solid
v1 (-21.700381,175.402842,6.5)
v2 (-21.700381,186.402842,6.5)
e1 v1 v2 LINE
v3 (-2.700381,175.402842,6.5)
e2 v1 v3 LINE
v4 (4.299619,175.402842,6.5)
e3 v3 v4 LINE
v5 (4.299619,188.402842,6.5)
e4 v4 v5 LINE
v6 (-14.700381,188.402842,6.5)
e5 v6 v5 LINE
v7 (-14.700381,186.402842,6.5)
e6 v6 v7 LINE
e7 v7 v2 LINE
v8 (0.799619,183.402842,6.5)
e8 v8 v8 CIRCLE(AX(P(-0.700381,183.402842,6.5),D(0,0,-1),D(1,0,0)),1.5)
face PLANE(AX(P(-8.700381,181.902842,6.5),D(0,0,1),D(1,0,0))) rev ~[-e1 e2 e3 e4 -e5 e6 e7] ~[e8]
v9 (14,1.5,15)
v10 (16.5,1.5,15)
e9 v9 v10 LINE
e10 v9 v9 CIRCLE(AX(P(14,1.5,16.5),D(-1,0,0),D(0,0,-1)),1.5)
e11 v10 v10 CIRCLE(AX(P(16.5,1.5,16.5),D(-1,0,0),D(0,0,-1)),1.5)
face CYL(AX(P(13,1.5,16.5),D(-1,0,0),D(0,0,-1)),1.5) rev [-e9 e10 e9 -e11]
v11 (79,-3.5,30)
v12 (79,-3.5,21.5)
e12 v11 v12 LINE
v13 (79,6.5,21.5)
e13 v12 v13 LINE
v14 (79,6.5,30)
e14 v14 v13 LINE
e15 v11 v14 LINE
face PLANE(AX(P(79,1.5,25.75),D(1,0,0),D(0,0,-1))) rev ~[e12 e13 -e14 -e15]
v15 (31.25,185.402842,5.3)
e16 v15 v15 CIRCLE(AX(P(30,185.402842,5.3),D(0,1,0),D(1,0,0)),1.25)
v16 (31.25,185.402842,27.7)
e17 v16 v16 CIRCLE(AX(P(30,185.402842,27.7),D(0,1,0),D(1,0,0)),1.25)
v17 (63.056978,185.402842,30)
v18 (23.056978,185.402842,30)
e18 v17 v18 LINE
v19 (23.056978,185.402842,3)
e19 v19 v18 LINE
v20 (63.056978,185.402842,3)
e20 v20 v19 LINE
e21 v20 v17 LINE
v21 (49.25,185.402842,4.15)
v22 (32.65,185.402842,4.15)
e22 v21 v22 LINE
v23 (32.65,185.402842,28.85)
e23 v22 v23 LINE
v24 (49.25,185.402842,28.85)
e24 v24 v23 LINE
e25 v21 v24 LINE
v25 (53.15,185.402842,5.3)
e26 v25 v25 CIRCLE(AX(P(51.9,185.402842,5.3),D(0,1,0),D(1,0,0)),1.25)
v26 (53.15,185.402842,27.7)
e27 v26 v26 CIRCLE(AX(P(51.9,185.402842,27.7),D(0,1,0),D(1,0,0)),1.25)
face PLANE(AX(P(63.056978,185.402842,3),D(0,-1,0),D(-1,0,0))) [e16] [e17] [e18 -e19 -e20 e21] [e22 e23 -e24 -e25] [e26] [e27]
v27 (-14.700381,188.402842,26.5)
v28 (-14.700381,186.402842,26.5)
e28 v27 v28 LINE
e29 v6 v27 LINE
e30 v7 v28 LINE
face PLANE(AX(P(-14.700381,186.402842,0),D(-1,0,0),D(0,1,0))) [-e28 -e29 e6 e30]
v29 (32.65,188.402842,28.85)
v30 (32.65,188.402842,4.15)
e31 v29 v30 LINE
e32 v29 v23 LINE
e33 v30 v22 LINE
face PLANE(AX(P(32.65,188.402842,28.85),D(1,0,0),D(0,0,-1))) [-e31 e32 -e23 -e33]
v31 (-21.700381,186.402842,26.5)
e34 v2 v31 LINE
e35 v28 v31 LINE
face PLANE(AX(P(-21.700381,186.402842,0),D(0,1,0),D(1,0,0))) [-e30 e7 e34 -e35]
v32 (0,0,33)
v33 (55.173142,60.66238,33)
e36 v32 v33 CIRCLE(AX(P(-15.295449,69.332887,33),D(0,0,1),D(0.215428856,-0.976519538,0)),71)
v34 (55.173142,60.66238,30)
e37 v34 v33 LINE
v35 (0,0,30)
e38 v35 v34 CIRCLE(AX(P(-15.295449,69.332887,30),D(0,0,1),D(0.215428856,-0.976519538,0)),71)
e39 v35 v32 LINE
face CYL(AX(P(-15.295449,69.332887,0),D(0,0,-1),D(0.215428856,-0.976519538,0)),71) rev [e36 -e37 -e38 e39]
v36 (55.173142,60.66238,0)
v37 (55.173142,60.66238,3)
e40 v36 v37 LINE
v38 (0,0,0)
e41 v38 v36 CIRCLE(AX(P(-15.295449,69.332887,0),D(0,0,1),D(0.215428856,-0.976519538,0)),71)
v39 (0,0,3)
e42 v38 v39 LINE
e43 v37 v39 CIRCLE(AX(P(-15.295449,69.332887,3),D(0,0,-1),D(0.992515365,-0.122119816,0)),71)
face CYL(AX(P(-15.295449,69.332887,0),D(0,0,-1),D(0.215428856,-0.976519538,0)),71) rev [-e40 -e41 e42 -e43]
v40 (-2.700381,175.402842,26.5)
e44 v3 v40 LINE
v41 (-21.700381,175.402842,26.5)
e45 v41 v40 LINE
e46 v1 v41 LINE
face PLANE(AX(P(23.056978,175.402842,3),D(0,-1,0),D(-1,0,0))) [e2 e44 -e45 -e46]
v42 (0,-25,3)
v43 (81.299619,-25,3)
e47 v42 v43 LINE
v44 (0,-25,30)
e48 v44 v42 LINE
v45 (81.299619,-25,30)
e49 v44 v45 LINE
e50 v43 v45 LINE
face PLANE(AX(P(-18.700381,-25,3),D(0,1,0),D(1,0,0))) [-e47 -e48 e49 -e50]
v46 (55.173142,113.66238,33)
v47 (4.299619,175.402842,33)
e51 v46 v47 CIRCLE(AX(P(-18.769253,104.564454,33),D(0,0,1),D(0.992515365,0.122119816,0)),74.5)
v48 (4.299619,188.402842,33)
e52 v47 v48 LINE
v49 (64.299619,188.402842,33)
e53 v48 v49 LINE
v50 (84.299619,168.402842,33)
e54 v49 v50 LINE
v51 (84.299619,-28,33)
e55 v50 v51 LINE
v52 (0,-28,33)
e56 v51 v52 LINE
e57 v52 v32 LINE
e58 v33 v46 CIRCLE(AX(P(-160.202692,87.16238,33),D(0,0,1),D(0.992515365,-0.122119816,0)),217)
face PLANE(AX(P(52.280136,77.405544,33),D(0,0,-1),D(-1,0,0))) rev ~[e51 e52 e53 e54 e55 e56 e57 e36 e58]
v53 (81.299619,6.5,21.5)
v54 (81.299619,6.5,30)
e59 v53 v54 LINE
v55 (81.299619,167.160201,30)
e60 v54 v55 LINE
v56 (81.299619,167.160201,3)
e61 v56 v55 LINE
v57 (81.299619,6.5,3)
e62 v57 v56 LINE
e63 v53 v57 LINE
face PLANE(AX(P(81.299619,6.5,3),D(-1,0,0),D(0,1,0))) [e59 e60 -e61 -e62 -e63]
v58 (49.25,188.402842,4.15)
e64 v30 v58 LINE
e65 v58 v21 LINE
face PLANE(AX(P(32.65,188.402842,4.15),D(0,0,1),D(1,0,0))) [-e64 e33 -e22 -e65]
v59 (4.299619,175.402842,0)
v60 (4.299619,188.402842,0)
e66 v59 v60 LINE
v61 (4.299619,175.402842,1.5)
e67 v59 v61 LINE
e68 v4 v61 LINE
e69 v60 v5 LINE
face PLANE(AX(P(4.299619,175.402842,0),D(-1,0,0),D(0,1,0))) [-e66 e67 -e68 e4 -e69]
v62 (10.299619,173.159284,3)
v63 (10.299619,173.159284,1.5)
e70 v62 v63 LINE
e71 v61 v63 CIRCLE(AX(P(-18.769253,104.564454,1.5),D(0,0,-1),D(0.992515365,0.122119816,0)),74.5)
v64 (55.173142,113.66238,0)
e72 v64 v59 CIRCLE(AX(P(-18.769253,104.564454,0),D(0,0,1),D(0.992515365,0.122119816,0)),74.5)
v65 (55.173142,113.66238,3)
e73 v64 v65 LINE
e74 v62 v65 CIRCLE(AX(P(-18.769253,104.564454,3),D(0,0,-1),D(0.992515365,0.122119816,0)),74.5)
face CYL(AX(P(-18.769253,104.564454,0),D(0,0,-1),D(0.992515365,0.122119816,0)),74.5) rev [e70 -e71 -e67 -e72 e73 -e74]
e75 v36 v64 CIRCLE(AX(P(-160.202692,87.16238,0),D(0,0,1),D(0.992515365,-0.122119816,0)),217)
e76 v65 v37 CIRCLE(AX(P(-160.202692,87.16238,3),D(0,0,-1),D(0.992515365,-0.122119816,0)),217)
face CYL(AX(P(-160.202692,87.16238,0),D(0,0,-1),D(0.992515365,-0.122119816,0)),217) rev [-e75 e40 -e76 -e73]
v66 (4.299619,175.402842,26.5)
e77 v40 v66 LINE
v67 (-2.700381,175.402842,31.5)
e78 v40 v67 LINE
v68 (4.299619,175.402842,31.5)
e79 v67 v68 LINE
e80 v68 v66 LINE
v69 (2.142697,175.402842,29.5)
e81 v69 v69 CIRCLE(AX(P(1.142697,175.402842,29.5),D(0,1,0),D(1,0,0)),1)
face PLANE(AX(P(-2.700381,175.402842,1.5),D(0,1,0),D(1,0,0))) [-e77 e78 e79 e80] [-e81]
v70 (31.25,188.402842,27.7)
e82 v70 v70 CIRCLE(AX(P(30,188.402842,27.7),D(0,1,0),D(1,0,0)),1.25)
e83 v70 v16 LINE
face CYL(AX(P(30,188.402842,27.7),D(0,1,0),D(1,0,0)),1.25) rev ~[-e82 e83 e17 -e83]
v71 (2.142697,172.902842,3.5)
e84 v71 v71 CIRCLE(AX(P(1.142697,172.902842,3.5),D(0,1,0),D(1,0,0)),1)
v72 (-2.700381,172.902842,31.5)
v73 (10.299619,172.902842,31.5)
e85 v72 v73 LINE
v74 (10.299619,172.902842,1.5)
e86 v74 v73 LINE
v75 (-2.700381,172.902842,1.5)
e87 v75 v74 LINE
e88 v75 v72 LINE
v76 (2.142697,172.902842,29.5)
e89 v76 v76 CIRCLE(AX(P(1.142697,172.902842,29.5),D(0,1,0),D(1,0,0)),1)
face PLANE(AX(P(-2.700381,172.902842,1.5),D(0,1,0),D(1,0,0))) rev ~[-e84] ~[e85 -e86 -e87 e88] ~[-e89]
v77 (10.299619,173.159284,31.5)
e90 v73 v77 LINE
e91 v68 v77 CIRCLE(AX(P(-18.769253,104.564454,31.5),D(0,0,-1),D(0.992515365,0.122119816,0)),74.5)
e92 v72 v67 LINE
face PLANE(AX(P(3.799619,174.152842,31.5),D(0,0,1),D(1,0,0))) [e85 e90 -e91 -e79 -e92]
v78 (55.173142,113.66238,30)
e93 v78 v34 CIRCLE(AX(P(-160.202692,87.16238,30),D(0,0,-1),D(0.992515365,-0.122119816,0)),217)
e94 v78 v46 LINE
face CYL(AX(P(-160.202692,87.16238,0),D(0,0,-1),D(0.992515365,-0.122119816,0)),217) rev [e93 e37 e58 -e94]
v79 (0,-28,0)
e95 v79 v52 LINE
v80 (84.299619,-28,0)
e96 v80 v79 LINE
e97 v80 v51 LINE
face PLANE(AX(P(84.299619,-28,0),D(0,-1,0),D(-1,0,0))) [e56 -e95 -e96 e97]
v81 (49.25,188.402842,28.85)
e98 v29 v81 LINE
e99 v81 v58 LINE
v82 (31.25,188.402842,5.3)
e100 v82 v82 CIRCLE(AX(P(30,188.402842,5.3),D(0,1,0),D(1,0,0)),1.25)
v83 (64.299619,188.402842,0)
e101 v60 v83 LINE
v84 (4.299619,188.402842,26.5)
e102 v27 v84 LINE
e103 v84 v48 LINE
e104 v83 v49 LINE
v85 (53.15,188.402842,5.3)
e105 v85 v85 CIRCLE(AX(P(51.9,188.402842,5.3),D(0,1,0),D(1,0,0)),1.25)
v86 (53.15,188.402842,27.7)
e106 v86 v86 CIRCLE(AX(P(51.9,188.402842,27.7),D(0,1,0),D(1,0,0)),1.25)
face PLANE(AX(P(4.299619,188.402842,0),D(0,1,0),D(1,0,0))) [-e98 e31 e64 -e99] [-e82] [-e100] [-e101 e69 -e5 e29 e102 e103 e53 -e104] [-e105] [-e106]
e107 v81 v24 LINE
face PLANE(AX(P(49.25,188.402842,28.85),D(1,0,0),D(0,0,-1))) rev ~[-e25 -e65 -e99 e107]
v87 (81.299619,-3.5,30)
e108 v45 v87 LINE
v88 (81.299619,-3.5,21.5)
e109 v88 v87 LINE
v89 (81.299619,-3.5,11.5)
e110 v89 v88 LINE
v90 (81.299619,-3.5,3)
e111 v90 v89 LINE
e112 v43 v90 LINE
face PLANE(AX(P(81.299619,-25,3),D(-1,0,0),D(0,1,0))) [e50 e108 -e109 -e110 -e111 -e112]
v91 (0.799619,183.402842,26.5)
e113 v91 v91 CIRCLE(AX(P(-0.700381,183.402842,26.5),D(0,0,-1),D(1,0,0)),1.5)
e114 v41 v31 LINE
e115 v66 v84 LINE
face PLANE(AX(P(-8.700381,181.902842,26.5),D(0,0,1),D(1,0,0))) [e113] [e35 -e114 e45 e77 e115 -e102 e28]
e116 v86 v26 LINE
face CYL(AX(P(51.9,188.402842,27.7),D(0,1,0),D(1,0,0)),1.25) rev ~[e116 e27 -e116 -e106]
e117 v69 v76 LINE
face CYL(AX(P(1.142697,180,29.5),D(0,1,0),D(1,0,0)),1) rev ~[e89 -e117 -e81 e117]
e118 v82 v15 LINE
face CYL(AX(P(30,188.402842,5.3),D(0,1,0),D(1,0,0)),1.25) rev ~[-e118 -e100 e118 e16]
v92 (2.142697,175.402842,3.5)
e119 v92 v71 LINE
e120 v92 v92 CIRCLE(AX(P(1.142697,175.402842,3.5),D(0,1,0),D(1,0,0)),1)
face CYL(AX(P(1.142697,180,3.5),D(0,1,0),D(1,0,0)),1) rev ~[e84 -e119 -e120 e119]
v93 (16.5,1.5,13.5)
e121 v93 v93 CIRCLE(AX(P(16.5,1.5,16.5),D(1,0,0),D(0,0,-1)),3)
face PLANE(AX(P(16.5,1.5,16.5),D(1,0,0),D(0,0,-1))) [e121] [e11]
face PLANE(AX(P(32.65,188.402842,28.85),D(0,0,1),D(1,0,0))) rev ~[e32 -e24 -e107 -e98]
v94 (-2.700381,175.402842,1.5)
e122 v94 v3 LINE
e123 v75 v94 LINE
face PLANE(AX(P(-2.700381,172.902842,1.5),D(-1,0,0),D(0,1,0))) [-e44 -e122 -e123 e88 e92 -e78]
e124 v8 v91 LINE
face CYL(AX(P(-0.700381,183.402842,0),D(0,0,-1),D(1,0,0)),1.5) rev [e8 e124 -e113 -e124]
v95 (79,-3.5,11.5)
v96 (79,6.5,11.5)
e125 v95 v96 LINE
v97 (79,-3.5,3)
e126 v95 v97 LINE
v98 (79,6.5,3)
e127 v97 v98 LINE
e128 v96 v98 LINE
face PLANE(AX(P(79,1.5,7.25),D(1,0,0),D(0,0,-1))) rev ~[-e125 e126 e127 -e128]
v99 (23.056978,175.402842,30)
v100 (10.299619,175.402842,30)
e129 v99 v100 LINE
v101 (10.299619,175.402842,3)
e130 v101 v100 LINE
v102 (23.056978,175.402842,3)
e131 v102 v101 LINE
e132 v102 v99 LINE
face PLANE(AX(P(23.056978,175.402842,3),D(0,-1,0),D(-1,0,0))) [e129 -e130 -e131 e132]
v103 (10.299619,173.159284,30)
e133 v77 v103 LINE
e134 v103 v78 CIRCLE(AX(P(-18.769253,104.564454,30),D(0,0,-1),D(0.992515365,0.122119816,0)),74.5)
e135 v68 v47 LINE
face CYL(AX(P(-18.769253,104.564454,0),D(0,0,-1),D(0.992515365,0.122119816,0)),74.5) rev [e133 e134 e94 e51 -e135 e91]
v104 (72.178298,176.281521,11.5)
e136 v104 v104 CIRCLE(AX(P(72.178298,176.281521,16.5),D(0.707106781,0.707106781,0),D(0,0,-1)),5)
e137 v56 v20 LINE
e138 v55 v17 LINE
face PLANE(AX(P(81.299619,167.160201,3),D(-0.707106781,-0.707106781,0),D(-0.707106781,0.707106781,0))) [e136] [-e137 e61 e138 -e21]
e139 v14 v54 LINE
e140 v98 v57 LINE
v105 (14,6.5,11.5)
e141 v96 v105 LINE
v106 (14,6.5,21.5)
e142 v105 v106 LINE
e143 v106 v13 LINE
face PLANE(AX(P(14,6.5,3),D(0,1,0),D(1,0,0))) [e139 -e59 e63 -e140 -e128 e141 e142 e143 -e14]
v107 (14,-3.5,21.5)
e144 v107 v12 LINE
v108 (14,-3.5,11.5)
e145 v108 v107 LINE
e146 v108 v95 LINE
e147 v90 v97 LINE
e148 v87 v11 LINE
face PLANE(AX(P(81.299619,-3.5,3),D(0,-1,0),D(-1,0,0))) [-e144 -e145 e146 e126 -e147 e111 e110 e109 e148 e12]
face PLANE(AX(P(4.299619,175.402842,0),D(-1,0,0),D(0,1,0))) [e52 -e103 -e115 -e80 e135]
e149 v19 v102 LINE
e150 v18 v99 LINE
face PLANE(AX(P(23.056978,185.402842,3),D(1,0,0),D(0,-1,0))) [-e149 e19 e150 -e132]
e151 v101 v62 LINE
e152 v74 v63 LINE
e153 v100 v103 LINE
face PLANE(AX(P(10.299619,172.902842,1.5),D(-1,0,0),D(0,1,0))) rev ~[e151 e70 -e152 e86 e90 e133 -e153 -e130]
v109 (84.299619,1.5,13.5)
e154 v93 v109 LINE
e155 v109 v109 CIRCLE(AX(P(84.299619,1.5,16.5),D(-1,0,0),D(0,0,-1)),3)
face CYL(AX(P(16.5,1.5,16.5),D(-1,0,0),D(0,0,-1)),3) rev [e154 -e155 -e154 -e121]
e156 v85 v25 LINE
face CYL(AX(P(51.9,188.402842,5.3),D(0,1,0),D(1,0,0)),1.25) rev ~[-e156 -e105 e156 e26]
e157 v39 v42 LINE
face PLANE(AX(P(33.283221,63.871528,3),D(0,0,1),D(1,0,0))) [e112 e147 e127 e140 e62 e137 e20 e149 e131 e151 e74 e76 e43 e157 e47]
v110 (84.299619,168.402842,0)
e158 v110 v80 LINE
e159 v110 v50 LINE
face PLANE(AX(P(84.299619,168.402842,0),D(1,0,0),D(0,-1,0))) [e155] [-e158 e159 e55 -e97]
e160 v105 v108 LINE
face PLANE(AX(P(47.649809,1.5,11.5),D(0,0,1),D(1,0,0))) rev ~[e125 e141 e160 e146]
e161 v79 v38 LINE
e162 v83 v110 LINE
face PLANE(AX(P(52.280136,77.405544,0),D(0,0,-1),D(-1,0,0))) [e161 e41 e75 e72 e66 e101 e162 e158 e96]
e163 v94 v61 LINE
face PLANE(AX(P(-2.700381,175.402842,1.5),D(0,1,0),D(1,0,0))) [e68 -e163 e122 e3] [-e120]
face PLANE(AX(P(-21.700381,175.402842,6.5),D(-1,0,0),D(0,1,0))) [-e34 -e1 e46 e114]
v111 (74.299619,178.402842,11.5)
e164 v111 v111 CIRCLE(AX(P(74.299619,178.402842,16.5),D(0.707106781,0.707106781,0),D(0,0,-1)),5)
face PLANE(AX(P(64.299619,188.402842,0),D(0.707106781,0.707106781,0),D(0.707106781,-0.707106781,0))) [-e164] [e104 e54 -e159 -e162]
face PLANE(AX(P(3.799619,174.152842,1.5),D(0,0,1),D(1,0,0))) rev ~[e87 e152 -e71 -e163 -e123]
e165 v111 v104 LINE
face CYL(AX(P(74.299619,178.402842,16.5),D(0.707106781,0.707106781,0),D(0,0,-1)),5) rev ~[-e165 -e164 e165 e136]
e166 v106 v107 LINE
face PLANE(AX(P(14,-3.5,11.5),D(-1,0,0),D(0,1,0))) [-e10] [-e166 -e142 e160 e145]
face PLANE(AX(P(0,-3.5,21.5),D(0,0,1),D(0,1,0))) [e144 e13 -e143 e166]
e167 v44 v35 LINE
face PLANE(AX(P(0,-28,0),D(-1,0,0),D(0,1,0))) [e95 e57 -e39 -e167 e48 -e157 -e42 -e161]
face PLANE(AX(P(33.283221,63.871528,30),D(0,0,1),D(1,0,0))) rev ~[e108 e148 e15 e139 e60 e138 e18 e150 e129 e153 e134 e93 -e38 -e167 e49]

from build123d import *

# Parameters (mm, degrees)
EXTRUDE_6_DEPTH      = 33
CUT_EXTRUDE_START    = 3
CUT_EXTRUDE_2_DEPTH  = 27
EXTRUDE_START        = 6.5
SKETCH_7_W           = 26
SKETCH_7_H           = 13
EXTRUDE_7_DEPTH      = 20
EXTRUDE_START_2      = 1.5
SKETCH_11_W          = 13
SKETCH_11_H          = 2.5
EXTRUDE_15_DEPTH     = 30
CUT_EXTRUDE_START_2  = 180
SKETCH_12_R          = 1
CUT_EXTRUDE_3_DEPTH  = 10
SKETCH_13_R          = 1.5
CUT_EXTRUDE_4_DEPTH  = 30
SKETCH_14_W          = 7
SKETCH_14_H          = 2
CUT_EXTRUDE_5_DEPTH  = 30
EXTRUDE_START_3      = 11.5
SKETCH_15_W          = 67.299618531
SKETCH_15_H          = 10
EXTRUDE_16_DEPTH     = 10
SKETCH_16_W          = 8.5
SKETCH_16_H          = 10
CUT_EXTRUDE_6_DEPTH  = 79
CUT_EXTRUDE_START_3  = 16.5
SKETCH_17_R          = 3
CUT_EXTRUDE_7_DEPTH  = 75
CUT_EXTRUDE_START_4  = 13
SKETCH_18_R          = 1.5
CUT_EXTRUDE_9_DEPTH  = 5
SKETCH_20_R          = 1.25
SKETCH_20_W          = 16.6
SKETCH_20_H          = 24.7
CUT_EXTRUDE_10_DEPTH = 5
SKETCH_21_R          = 5
CUT_EXTRUDE_11_DEPTH = 5


with BuildPart() as part:
    # Эскиз1 → Бобышка-Вытянуть6 (new body)
    with BuildSketch(Plane.XY):
        with BuildLine():
            Line((4.299618531, 175.402841826), (4.299618531, 188.402841826))
            Line((4.299618531, 188.402841826), (64.299618531, 188.402841826))
            Line((64.299618531, 188.402841826), (84.299618531, 168.402841826))
            Line((84.299618531, 168.402841826), (84.299618531, 0))
            Line((84.299618531, 0), (84.299618531, -28))
            Line((84.299618531, -28), (0, -28))
            Line((0, -28), (0, 0))
            ThreePointArc((0, 0), (37.229295141, 21.561020186), (55.173142182, 60.662380285))
            ThreePointArc((55.173142182, 60.662380285), (56.797307883, 87.162380285), (55.173142182, 113.662380285))
            ThreePointArc((55.173142182, 113.662380285), (38.726552267, 151.940422917), (4.299618531, 175.402841826))
        make_face()
    extrude(amount=EXTRUDE_6_DEPTH)

    # Эскиз5 → Вырез-Вытянуть2 (cut)
    with BuildSketch(Plane.XY.offset(CUT_EXTRUDE_START)):
        Polygon((-18.700381469, -25), (81.299618531, -25), (81.299618531, -3.5), (14, -3.5), (14, 6.5), (81.299618531, 6.5), (81.299618531, 167.160201139), (63.056977844, 185.402841826), (23.056977844, 185.402841826), (23.056977844, 175.402841826), (4.299618531, 175.402841826), (6.299618531, 167.160201139), (-18.700381469, 167.160201139), align=None)
    extrude(amount=CUT_EXTRUDE_2_DEPTH, mode=Mode.SUBTRACT)

    # Эскиз7 → Бобышка-Вытянуть7 (add)
    with BuildSketch(Plane.XY.offset(EXTRUDE_START)):
        with Locations((-8.700381469, 181.902841826)):
            Rectangle(SKETCH_7_W, SKETCH_7_H)
    extrude(amount=EXTRUDE_7_DEPTH)

    # Эскиз11 → Бобышка-Вытянуть15 (add)
    with BuildSketch(Plane.XY.offset(EXTRUDE_START_2)):
        with Locations((3.799618531, 174.152841826)):
            Rectangle(SKETCH_11_W, SKETCH_11_H)
    extrude(amount=EXTRUDE_15_DEPTH)

    # Эскиз12 → Вырез-Вытянуть3 (cut)
    with BuildSketch(Plane(origin=(0, 0, 0), x_dir=(1, 0, 0), z_dir=(0, 1, 0)).offset(CUT_EXTRUDE_START_2)):
        with Locations((1.142696527, -3.5)):
            Circle(SKETCH_12_R)
        with Locations((1.142696527, -29.5)):
            Circle(SKETCH_12_R)
    extrude(amount=-CUT_EXTRUDE_3_DEPTH, mode=Mode.SUBTRACT)

    # Эскиз13 → Вырез-Вытянуть4 (cut)
    with BuildSketch(Plane.XY):
        with Locations((-0.700381469, 183.402841826)):
            Circle(SKETCH_13_R)
    extrude(amount=CUT_EXTRUDE_4_DEPTH, mode=Mode.SUBTRACT)

    # Эскиз14 → Вырез-Вытянуть5 (cut)
    with BuildSketch(Plane.XY):
        with Locations((-18.200381469, 187.402841826)):
            Rectangle(SKETCH_14_W, SKETCH_14_H)
    extrude(amount=CUT_EXTRUDE_5_DEPTH, mode=Mode.SUBTRACT)

    # Эскиз15 → Бобышка-Вытянуть16 (add)
    with BuildSketch(Plane.XY.offset(EXTRUDE_START_3)):
        with Locations((47.649809266, 1.5)):
            Rectangle(SKETCH_15_W, SKETCH_15_H)
    extrude(amount=EXTRUDE_16_DEPTH)

    # Эскиз16 → Вырез-Вытянуть6 (cut)
    with BuildSketch(Plane(origin=(0, 0, 0), x_dir=(0, 0, -1), z_dir=(1, 0, 0))):
        with Locations((-7.25, 1.5)):
            Rectangle(SKETCH_16_W, SKETCH_16_H)
        with Locations((-25.75, 1.5)):
            Rectangle(SKETCH_16_W, SKETCH_16_H)
    extrude(amount=CUT_EXTRUDE_6_DEPTH, mode=Mode.SUBTRACT)

    # Эскиз17 → Вырез-Вытянуть7 (cut)
    with BuildSketch(Plane(origin=(0, 0, 0), x_dir=(0, 0, -1), z_dir=(1, 0, 0)).offset(CUT_EXTRUDE_START_3)):
        with Locations((-16.5, 1.5)):
            Circle(SKETCH_17_R)
    extrude(amount=CUT_EXTRUDE_7_DEPTH, mode=Mode.SUBTRACT)

    # Эскиз18 → Вырез-Вытянуть9 (cut)
    with BuildSketch(Plane(origin=(0, 0, 0), x_dir=(0, 0, -1), z_dir=(1, 0, 0)).offset(CUT_EXTRUDE_START_4)):
        with Locations((-16.5, 1.5)):
            Circle(SKETCH_18_R)
    extrude(amount=CUT_EXTRUDE_9_DEPTH, mode=Mode.SUBTRACT)

    # Эскиз20 → Вырез-Вытянуть10 (cut)
    with BuildSketch(Plane(origin=(0, 188.402841826, 0), x_dir=(1, 0, 0), z_dir=(0, 1, 0))):
        with Locations((51.9, -5.3)):
            Circle(SKETCH_20_R)
        with Locations((51.9, -27.7)):
            Circle(SKETCH_20_R)
        with Locations((30, -5.3)):
            Circle(SKETCH_20_R)
        with Locations((30, -27.7)):
            Circle(SKETCH_20_R)
        with Locations((40.95, -16.5)):
            Rectangle(SKETCH_20_W, SKETCH_20_H)
    extrude(amount=-CUT_EXTRUDE_10_DEPTH, mode=Mode.SUBTRACT)

    # Эскиз21 → Вырез-Вытянуть11 (cut)
    with BuildSketch(Plane(origin=(126.351230179, 126.351230179, 0), x_dir=(0, 0, -1), z_dir=(0.707106781, 0.707106781, 0))):
        with Locations((-16.5, 73.612095136)):
            Circle(SKETCH_21_R)
    extrude(amount=-CUT_EXTRUDE_11_DEPTH, mode=Mode.SUBTRACT)


solid = part.part
